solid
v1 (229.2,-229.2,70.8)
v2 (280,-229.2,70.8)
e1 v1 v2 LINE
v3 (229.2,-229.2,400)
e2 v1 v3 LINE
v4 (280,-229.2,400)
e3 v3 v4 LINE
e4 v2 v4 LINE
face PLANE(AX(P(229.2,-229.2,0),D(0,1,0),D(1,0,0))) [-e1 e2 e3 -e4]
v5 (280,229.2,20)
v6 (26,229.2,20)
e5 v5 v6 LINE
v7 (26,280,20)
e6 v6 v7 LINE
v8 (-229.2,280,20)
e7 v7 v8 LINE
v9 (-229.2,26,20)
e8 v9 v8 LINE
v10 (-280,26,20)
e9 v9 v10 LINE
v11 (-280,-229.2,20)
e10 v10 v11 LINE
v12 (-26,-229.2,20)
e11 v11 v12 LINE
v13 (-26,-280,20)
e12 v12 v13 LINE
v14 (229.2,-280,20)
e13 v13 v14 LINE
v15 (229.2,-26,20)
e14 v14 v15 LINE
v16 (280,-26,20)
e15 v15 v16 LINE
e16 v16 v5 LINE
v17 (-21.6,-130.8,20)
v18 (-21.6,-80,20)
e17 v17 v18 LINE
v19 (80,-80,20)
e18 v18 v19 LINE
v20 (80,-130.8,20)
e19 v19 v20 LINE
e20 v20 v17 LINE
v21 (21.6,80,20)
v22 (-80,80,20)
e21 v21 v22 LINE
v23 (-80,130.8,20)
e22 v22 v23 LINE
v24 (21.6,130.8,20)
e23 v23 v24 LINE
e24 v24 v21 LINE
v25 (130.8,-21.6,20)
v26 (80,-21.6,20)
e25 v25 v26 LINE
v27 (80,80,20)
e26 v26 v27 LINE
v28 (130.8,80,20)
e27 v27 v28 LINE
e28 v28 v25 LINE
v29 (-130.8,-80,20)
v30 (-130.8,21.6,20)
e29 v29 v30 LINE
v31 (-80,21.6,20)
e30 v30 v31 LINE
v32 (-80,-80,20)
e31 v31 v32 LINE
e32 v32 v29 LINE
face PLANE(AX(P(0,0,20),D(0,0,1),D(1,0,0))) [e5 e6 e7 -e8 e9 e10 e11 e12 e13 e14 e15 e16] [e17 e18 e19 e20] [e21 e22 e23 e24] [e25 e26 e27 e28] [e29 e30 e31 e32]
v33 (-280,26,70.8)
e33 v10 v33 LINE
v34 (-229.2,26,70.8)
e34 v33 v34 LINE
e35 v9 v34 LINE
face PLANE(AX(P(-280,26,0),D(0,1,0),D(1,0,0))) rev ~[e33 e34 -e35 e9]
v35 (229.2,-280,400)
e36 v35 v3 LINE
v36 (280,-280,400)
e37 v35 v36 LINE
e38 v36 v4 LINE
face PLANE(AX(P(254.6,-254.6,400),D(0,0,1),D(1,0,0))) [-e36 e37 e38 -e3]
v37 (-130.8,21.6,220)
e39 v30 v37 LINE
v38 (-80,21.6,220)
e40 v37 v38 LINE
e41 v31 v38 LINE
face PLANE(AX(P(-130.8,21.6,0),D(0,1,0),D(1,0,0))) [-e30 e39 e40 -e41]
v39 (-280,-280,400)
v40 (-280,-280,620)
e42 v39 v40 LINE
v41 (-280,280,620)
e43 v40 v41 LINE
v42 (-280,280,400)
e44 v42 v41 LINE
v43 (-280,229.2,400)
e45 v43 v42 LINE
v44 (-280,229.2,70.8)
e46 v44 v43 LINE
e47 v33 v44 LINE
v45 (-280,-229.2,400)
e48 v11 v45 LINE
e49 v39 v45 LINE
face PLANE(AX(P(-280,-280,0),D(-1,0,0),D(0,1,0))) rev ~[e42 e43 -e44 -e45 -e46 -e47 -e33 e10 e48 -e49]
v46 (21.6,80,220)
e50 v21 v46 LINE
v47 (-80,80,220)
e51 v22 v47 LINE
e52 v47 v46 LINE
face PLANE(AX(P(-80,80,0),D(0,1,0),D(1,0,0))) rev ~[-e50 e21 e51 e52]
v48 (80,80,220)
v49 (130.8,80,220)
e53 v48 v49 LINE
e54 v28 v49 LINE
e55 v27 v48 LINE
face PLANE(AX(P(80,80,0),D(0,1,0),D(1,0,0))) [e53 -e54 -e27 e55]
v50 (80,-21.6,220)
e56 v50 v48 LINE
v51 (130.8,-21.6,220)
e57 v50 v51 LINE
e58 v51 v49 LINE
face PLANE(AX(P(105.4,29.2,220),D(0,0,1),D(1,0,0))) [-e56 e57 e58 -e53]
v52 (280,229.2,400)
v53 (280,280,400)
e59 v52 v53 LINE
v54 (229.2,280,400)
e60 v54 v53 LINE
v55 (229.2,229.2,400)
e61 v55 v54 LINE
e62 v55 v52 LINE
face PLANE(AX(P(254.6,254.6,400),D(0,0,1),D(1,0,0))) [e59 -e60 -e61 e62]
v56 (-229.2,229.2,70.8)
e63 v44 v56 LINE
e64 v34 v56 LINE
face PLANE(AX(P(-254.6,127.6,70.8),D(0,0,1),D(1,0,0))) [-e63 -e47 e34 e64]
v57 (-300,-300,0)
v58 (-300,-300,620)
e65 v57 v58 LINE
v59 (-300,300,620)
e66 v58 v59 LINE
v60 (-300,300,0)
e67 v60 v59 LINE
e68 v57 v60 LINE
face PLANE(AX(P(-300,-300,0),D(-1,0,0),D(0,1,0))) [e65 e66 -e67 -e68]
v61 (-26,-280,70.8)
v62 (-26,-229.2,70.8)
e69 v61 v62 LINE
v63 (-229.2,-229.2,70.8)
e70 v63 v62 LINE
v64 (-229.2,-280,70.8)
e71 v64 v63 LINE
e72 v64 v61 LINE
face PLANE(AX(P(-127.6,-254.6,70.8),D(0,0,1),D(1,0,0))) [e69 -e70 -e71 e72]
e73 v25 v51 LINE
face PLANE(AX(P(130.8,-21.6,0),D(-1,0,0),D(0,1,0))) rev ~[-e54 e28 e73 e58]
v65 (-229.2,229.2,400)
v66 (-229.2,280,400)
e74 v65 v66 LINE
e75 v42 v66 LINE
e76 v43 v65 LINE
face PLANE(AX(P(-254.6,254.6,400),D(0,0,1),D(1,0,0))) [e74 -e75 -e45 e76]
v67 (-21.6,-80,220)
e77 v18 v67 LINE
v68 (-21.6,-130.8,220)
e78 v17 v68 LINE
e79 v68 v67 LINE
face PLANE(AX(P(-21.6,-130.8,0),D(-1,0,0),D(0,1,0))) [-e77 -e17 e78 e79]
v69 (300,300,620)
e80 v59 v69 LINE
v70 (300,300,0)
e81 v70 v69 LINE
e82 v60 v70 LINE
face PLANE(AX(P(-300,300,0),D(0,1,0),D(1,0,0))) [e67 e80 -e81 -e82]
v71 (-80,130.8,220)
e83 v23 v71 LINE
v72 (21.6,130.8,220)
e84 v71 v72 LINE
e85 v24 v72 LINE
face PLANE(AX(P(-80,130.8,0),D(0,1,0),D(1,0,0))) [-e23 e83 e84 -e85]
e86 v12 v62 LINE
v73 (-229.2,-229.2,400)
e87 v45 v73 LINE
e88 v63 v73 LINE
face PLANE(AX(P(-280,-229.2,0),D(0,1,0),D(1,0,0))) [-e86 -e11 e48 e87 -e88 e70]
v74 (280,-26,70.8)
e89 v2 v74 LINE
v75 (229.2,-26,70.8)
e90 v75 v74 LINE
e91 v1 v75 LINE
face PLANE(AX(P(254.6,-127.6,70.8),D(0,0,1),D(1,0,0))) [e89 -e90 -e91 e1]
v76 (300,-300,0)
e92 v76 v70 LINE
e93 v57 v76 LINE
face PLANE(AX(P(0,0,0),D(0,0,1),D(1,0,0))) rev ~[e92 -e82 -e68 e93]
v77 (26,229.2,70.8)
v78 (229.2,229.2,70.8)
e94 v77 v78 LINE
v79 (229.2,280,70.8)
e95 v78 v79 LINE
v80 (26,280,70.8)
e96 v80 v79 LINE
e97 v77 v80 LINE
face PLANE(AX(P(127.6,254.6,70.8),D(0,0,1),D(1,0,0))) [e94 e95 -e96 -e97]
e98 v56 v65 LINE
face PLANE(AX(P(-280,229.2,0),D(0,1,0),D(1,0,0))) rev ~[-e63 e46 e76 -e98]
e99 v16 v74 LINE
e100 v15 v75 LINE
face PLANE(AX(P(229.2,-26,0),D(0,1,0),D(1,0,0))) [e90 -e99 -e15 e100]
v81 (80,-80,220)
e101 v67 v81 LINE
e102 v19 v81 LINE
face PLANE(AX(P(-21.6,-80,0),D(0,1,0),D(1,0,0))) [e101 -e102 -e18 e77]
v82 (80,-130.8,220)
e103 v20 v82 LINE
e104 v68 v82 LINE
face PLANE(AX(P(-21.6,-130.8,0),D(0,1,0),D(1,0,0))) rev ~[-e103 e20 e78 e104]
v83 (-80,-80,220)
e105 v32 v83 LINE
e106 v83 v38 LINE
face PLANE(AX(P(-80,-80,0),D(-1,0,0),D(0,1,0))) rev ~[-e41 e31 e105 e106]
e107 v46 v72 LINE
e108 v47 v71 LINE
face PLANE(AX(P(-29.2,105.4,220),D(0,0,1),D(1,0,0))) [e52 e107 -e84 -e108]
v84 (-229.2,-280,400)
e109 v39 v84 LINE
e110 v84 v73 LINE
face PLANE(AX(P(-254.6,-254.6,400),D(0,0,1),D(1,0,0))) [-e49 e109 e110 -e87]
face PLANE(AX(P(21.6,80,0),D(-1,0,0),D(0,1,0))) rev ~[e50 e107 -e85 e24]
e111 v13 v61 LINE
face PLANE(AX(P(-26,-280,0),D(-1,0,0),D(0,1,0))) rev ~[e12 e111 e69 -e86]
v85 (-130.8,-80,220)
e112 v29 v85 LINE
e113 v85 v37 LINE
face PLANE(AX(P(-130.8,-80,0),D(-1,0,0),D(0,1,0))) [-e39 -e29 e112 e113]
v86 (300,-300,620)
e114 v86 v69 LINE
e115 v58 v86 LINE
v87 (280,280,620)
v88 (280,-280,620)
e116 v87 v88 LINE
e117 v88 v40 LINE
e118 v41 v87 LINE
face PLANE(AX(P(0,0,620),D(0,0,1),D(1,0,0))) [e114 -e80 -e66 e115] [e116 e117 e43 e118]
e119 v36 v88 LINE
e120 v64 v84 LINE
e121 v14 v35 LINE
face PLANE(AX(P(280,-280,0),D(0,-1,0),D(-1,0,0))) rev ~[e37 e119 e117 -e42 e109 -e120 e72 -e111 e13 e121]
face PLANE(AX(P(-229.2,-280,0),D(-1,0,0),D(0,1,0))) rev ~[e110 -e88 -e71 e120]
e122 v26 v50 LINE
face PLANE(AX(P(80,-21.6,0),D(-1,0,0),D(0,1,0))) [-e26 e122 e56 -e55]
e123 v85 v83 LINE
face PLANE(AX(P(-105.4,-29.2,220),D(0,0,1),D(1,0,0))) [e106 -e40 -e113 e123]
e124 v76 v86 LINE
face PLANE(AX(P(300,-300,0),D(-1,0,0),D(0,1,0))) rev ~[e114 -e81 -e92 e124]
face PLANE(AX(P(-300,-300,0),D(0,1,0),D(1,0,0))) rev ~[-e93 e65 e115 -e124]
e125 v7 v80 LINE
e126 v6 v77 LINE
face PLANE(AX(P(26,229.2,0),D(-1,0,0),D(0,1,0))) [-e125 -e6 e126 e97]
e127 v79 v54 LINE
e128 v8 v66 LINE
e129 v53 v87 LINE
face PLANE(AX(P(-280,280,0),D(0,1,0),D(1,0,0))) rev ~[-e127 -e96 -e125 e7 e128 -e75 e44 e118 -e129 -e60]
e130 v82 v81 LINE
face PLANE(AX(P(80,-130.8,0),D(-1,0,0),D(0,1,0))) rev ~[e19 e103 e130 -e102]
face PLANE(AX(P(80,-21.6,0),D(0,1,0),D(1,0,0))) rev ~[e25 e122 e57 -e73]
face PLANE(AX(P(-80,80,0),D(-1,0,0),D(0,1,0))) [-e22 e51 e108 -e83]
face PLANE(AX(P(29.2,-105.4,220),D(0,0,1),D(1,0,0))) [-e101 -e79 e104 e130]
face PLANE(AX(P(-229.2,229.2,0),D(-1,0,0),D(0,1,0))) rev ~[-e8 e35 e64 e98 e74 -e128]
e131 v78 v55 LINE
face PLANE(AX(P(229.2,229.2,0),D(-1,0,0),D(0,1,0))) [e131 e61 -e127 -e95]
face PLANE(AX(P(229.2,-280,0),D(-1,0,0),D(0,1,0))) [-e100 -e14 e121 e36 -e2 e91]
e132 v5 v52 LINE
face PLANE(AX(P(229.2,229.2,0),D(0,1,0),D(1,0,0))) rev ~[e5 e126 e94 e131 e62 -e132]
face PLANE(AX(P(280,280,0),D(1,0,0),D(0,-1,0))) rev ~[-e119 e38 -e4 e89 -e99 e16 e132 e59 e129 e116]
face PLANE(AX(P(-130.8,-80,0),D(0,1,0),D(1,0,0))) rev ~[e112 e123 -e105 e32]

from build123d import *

# Parameters (mm, degrees)
F1_DEPTH = 20
F0_W     = 600
F0_H     = 600
F2_DEPTH = 620
F0_W_2   = 50.8
F0_H_2   = 101.6
F0_W_3   = 101.6
F0_H_3   = 50.8
F3_DEPTH = 220
F0_H_4   = 203.2
F0_W_4   = 203.2
F4_DEPTH = 70.8
F5_DEPTH = 400


with BuildPart() as f1:
    # F0 (on Top) → F1 (new body)
    with BuildSketch(Plane.XY):
        Polygon((26, 280), (-229.2, 280), (-229.2, 229.2), (-229.2, 26), (-280, 26), (-280, -229.2), (-229.2, -229.2), (-26, -229.2), (-26, -280), (229.2, -280), (229.2, -229.2), (229.2, -26), (280, -26), (280, 229.2), (229.2, 229.2), (26, 229.2), align=None)
        Polygon((-130.8, 130.8), (-80, 130.8), (21.6, 130.8), (130.8, 130.8), (130.8, 80), (130.8, -21.6), (130.8, -130.8), (80, -130.8), (-21.6, -130.8), (-130.8, -130.8), (-130.8, -80), (-130.8, 21.6), align=None, mode=Mode.SUBTRACT)
        Polygon((21.6, 80), (-80, 80), (-80, 130.8), (-130.8, 130.8), (-130.8, 21.6), (-80, 21.6), (-80, -80), (-130.8, -80), (-130.8, -130.8), (-21.6, -130.8), (-21.6, -80), (80, -80), (80, -130.8), (130.8, -130.8), (130.8, -21.6), (80, -21.6), (80, 80), (130.8, 80), (130.8, 130.8), (21.6, 130.8), align=None)
    extrude(amount=F1_DEPTH)

    # F0 (on Top) → F2 (join)
    with BuildSketch(Plane.XY):
        Rectangle(F0_W, F0_H)
        Polygon((-280, 229.2), (-280, 280), (-229.2, 280), (26, 280), (229.2, 280), (280, 280), (280, 229.2), (280, -26), (280, -229.2), (280, -280), (229.2, -280), (-26, -280), (-229.2, -280), (-280, -280), (-280, -229.2), (-280, 26), align=None, mode=Mode.SUBTRACT)
    extrude(amount=F2_DEPTH)

    # F0 (on Top) → F3 (join)
    with BuildSketch(Plane.XY):
        with Locations((-105.4, -29.2)):
            Rectangle(F0_W_2, F0_H_2)
        with Locations((-29.2, 105.4)):
            Rectangle(F0_W_3, F0_H_3)
        with Locations((105.4, 29.2)):
            Rectangle(F0_W_2, F0_H_2)
        with Locations((29.2, -105.4)):
            Rectangle(F0_W_3, F0_H_3)
    extrude(amount=F3_DEPTH)

    # F0 (on Top) → F4 (join)
    with BuildSketch(Plane.XY):
        with Locations((-254.6, 127.6)):
            Rectangle(F0_W_2, F0_H_4)
        with Locations((254.6, -127.6)):
            Rectangle(F0_W_2, F0_H_4)
        with Locations((-127.6, -254.6)):
            Rectangle(F0_W_4, F0_H_3)
        with Locations((127.6, 254.6)):
            Rectangle(F0_W_4, F0_H_3)
    extrude(amount=F4_DEPTH)

    # F0 (on Top) → F5 (join)
    with BuildSketch(Plane.XY):
        with Locations((-254.6, 254.6)):
            Rectangle(F0_W_2, F0_H_3)
        with Locations((-254.6, -254.6)):
            Rectangle(F0_W_2, F0_H_3)
        with Locations((254.6, -254.6)):
            Rectangle(F0_W_2, F0_H_3)
        with Locations((254.6, 254.6)):
            Rectangle(F0_W_2, F0_H_3)
    extrude(amount=F5_DEPTH)


solid = f1.part
